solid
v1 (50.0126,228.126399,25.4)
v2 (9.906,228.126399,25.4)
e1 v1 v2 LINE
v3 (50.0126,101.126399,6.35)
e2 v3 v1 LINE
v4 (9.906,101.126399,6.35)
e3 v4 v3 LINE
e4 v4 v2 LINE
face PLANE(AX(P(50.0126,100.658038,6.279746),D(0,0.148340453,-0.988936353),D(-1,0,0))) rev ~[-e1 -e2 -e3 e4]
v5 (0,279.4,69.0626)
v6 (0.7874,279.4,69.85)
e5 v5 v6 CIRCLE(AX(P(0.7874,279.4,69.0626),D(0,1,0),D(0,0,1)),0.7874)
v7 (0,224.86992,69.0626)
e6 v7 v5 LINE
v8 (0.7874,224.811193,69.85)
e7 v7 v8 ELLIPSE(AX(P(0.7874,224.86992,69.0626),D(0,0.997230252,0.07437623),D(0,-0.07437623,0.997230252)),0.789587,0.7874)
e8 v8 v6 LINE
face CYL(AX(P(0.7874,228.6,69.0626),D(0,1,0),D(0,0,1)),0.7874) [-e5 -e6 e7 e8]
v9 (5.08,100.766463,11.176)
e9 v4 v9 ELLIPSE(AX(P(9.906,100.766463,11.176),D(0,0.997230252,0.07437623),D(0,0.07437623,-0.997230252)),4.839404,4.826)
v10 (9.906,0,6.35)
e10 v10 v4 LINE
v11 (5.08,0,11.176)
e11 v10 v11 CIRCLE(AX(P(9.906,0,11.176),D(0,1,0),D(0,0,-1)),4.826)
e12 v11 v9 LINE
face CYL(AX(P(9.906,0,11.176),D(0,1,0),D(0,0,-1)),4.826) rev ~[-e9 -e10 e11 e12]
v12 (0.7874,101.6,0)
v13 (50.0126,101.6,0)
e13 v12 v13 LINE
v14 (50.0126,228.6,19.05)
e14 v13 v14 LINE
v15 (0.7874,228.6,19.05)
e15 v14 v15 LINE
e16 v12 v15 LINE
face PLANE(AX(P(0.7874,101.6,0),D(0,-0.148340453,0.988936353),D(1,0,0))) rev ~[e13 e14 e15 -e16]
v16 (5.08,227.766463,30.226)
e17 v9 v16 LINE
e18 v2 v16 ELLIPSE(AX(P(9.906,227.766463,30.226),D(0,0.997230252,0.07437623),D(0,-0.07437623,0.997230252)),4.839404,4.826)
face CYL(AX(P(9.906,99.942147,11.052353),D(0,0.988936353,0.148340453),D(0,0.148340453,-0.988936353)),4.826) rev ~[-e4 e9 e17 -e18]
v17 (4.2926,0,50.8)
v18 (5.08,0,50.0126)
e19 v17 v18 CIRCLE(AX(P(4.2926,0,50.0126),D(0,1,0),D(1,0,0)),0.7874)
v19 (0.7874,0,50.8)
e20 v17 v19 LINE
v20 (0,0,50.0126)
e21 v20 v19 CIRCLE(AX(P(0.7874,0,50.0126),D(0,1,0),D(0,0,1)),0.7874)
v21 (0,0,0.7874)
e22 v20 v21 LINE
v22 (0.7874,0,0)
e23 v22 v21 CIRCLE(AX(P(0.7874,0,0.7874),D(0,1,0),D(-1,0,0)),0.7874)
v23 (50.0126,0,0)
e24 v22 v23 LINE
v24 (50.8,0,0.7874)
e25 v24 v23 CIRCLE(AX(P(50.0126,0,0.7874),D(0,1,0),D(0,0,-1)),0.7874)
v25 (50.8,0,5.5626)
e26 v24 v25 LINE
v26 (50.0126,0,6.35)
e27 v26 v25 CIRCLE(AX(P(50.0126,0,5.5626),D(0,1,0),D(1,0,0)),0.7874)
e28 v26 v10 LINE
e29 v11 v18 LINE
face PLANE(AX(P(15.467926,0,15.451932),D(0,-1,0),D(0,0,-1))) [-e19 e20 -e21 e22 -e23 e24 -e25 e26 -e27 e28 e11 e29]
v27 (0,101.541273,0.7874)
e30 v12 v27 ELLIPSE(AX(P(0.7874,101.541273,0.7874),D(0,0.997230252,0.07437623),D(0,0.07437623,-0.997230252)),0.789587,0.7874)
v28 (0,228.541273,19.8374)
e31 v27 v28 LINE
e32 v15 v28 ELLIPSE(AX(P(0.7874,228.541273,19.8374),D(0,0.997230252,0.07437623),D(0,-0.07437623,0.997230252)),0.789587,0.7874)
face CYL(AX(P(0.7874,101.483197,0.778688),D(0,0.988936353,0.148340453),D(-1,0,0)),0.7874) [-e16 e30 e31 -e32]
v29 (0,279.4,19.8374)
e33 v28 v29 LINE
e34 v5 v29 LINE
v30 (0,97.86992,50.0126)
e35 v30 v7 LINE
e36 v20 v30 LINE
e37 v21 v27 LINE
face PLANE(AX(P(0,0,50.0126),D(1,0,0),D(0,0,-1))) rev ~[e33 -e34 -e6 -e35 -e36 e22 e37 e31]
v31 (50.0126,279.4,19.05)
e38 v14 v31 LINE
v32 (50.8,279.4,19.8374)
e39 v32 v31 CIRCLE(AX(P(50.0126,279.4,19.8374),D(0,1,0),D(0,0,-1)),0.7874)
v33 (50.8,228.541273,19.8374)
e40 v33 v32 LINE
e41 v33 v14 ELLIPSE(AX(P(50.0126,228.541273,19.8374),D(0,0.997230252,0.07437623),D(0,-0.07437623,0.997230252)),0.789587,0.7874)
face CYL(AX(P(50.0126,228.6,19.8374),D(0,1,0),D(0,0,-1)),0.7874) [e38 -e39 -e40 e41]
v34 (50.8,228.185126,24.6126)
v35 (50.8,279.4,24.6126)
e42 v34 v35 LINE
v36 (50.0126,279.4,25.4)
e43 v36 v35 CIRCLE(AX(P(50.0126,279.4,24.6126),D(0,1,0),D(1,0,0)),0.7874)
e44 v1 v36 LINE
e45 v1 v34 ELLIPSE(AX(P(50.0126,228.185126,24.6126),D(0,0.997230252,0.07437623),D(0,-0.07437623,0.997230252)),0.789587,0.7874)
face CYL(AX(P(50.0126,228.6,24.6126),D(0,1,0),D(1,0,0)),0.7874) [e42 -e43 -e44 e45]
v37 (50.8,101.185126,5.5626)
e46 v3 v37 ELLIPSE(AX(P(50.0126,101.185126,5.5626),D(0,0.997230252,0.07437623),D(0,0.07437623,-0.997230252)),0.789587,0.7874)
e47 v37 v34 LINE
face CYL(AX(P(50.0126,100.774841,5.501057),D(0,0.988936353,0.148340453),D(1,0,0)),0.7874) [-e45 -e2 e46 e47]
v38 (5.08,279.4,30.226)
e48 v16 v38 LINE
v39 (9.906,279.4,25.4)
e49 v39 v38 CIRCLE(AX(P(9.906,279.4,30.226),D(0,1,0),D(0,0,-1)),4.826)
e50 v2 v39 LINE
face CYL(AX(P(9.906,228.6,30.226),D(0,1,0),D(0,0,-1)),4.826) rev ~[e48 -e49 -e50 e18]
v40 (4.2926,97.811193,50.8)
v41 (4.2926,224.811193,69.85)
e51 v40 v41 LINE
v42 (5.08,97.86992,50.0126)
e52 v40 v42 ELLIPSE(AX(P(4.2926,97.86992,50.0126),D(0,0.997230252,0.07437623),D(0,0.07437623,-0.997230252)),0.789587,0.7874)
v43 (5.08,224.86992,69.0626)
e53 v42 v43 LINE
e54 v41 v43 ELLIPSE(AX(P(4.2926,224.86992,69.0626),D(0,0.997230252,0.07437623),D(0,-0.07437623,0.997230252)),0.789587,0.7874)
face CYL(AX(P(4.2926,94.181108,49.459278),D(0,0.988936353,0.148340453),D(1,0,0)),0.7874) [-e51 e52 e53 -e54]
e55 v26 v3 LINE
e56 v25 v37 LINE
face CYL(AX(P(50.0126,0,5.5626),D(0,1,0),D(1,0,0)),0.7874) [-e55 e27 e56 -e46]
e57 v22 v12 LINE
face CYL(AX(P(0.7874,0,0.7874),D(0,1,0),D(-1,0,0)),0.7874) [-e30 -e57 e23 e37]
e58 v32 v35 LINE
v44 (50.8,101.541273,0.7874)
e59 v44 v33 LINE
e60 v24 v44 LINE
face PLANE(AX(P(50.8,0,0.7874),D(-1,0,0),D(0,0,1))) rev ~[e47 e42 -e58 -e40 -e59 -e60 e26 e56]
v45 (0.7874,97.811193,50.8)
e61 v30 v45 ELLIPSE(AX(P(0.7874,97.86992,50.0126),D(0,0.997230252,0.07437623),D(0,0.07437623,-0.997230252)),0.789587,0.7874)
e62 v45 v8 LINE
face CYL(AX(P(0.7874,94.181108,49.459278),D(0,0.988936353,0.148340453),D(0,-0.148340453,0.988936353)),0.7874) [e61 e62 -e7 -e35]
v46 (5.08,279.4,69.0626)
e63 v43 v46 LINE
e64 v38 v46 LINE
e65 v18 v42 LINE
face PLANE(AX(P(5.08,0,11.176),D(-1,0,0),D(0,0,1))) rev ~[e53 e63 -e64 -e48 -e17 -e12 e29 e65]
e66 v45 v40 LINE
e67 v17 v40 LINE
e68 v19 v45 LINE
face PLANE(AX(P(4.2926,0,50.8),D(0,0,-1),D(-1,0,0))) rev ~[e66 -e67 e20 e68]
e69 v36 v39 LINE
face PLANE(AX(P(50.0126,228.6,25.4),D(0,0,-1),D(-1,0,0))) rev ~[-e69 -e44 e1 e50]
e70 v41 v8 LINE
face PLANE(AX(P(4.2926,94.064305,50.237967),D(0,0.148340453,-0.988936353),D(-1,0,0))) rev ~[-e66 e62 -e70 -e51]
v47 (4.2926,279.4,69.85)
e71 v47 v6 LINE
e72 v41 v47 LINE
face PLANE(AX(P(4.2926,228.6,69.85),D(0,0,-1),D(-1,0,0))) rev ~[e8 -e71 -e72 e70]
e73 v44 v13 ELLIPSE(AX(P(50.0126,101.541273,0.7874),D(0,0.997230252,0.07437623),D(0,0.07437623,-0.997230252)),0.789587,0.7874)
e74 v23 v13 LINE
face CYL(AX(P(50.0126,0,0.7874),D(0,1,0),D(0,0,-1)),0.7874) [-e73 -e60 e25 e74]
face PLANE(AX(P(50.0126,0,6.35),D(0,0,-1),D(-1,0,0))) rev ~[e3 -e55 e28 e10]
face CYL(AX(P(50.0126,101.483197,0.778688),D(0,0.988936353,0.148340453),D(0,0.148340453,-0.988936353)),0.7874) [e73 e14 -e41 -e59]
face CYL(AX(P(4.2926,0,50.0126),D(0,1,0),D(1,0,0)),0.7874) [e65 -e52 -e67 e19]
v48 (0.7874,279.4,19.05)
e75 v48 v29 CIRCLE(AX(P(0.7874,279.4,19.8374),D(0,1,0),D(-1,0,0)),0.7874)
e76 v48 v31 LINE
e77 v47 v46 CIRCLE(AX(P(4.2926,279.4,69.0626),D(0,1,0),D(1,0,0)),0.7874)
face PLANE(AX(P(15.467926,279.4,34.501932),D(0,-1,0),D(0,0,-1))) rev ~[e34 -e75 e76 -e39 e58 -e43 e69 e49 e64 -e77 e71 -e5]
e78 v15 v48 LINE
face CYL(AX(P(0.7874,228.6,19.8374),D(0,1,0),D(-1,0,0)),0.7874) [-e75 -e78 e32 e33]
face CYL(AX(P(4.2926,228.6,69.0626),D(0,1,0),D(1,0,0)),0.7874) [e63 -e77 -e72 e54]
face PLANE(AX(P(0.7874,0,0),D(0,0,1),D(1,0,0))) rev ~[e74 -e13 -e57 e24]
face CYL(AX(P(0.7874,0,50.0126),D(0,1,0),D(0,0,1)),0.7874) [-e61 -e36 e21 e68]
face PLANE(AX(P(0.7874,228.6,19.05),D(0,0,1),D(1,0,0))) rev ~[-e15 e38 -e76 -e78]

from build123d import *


with BuildPart() as f2:
    # F2: sweep along a path in F1
    with BuildLine(Plane.YZ) as f2_path:
        Line((0, 0), (101.6, 0))
        Line((101.6, 0), (228.6, 19.05))
        Line((228.6, 19.05), (279.4, 19.05))
    # F0 (on Front) → F2 (sweep)
    with BuildSketch(Plane.XZ):
        with BuildLine():
            ThreePointArc((0.7874, 50.8), (0.2306241205, 50.5693758795), (0, 50.0126))
            Line((0, 50.0126), (0, 0.7874))
            ThreePointArc((0, 0.7874), (0.2306241205, 0.2306241205), (0.7874, 0))
            Line((0.7874, 0), (50.0126, 0))
            ThreePointArc((50.0126, 0), (50.5693758795, 0.2306241205), (50.8, 0.7874))
            Line((50.8, 0.7874), (50.8, 5.5626))
            ThreePointArc((50.8, 5.5626), (50.5693758795, 6.1193758795), (50.0126, 6.35))
            Line((50.0126, 6.35), (9.906, 6.35))
            ThreePointArc((9.906, 6.35), (6.493502674, 7.763502674), (5.08, 11.176))
            Line((5.08, 11.176), (5.08, 50.0126))
            ThreePointArc((5.08, 50.0126), (4.8493758795, 50.5693758795), (4.2926, 50.8))
            Line((4.2926, 50.8), (0.7874, 50.8))
        make_face()
    sweep(path=f2_path.line, transition=Transition.RIGHT)


solid = f2.part
